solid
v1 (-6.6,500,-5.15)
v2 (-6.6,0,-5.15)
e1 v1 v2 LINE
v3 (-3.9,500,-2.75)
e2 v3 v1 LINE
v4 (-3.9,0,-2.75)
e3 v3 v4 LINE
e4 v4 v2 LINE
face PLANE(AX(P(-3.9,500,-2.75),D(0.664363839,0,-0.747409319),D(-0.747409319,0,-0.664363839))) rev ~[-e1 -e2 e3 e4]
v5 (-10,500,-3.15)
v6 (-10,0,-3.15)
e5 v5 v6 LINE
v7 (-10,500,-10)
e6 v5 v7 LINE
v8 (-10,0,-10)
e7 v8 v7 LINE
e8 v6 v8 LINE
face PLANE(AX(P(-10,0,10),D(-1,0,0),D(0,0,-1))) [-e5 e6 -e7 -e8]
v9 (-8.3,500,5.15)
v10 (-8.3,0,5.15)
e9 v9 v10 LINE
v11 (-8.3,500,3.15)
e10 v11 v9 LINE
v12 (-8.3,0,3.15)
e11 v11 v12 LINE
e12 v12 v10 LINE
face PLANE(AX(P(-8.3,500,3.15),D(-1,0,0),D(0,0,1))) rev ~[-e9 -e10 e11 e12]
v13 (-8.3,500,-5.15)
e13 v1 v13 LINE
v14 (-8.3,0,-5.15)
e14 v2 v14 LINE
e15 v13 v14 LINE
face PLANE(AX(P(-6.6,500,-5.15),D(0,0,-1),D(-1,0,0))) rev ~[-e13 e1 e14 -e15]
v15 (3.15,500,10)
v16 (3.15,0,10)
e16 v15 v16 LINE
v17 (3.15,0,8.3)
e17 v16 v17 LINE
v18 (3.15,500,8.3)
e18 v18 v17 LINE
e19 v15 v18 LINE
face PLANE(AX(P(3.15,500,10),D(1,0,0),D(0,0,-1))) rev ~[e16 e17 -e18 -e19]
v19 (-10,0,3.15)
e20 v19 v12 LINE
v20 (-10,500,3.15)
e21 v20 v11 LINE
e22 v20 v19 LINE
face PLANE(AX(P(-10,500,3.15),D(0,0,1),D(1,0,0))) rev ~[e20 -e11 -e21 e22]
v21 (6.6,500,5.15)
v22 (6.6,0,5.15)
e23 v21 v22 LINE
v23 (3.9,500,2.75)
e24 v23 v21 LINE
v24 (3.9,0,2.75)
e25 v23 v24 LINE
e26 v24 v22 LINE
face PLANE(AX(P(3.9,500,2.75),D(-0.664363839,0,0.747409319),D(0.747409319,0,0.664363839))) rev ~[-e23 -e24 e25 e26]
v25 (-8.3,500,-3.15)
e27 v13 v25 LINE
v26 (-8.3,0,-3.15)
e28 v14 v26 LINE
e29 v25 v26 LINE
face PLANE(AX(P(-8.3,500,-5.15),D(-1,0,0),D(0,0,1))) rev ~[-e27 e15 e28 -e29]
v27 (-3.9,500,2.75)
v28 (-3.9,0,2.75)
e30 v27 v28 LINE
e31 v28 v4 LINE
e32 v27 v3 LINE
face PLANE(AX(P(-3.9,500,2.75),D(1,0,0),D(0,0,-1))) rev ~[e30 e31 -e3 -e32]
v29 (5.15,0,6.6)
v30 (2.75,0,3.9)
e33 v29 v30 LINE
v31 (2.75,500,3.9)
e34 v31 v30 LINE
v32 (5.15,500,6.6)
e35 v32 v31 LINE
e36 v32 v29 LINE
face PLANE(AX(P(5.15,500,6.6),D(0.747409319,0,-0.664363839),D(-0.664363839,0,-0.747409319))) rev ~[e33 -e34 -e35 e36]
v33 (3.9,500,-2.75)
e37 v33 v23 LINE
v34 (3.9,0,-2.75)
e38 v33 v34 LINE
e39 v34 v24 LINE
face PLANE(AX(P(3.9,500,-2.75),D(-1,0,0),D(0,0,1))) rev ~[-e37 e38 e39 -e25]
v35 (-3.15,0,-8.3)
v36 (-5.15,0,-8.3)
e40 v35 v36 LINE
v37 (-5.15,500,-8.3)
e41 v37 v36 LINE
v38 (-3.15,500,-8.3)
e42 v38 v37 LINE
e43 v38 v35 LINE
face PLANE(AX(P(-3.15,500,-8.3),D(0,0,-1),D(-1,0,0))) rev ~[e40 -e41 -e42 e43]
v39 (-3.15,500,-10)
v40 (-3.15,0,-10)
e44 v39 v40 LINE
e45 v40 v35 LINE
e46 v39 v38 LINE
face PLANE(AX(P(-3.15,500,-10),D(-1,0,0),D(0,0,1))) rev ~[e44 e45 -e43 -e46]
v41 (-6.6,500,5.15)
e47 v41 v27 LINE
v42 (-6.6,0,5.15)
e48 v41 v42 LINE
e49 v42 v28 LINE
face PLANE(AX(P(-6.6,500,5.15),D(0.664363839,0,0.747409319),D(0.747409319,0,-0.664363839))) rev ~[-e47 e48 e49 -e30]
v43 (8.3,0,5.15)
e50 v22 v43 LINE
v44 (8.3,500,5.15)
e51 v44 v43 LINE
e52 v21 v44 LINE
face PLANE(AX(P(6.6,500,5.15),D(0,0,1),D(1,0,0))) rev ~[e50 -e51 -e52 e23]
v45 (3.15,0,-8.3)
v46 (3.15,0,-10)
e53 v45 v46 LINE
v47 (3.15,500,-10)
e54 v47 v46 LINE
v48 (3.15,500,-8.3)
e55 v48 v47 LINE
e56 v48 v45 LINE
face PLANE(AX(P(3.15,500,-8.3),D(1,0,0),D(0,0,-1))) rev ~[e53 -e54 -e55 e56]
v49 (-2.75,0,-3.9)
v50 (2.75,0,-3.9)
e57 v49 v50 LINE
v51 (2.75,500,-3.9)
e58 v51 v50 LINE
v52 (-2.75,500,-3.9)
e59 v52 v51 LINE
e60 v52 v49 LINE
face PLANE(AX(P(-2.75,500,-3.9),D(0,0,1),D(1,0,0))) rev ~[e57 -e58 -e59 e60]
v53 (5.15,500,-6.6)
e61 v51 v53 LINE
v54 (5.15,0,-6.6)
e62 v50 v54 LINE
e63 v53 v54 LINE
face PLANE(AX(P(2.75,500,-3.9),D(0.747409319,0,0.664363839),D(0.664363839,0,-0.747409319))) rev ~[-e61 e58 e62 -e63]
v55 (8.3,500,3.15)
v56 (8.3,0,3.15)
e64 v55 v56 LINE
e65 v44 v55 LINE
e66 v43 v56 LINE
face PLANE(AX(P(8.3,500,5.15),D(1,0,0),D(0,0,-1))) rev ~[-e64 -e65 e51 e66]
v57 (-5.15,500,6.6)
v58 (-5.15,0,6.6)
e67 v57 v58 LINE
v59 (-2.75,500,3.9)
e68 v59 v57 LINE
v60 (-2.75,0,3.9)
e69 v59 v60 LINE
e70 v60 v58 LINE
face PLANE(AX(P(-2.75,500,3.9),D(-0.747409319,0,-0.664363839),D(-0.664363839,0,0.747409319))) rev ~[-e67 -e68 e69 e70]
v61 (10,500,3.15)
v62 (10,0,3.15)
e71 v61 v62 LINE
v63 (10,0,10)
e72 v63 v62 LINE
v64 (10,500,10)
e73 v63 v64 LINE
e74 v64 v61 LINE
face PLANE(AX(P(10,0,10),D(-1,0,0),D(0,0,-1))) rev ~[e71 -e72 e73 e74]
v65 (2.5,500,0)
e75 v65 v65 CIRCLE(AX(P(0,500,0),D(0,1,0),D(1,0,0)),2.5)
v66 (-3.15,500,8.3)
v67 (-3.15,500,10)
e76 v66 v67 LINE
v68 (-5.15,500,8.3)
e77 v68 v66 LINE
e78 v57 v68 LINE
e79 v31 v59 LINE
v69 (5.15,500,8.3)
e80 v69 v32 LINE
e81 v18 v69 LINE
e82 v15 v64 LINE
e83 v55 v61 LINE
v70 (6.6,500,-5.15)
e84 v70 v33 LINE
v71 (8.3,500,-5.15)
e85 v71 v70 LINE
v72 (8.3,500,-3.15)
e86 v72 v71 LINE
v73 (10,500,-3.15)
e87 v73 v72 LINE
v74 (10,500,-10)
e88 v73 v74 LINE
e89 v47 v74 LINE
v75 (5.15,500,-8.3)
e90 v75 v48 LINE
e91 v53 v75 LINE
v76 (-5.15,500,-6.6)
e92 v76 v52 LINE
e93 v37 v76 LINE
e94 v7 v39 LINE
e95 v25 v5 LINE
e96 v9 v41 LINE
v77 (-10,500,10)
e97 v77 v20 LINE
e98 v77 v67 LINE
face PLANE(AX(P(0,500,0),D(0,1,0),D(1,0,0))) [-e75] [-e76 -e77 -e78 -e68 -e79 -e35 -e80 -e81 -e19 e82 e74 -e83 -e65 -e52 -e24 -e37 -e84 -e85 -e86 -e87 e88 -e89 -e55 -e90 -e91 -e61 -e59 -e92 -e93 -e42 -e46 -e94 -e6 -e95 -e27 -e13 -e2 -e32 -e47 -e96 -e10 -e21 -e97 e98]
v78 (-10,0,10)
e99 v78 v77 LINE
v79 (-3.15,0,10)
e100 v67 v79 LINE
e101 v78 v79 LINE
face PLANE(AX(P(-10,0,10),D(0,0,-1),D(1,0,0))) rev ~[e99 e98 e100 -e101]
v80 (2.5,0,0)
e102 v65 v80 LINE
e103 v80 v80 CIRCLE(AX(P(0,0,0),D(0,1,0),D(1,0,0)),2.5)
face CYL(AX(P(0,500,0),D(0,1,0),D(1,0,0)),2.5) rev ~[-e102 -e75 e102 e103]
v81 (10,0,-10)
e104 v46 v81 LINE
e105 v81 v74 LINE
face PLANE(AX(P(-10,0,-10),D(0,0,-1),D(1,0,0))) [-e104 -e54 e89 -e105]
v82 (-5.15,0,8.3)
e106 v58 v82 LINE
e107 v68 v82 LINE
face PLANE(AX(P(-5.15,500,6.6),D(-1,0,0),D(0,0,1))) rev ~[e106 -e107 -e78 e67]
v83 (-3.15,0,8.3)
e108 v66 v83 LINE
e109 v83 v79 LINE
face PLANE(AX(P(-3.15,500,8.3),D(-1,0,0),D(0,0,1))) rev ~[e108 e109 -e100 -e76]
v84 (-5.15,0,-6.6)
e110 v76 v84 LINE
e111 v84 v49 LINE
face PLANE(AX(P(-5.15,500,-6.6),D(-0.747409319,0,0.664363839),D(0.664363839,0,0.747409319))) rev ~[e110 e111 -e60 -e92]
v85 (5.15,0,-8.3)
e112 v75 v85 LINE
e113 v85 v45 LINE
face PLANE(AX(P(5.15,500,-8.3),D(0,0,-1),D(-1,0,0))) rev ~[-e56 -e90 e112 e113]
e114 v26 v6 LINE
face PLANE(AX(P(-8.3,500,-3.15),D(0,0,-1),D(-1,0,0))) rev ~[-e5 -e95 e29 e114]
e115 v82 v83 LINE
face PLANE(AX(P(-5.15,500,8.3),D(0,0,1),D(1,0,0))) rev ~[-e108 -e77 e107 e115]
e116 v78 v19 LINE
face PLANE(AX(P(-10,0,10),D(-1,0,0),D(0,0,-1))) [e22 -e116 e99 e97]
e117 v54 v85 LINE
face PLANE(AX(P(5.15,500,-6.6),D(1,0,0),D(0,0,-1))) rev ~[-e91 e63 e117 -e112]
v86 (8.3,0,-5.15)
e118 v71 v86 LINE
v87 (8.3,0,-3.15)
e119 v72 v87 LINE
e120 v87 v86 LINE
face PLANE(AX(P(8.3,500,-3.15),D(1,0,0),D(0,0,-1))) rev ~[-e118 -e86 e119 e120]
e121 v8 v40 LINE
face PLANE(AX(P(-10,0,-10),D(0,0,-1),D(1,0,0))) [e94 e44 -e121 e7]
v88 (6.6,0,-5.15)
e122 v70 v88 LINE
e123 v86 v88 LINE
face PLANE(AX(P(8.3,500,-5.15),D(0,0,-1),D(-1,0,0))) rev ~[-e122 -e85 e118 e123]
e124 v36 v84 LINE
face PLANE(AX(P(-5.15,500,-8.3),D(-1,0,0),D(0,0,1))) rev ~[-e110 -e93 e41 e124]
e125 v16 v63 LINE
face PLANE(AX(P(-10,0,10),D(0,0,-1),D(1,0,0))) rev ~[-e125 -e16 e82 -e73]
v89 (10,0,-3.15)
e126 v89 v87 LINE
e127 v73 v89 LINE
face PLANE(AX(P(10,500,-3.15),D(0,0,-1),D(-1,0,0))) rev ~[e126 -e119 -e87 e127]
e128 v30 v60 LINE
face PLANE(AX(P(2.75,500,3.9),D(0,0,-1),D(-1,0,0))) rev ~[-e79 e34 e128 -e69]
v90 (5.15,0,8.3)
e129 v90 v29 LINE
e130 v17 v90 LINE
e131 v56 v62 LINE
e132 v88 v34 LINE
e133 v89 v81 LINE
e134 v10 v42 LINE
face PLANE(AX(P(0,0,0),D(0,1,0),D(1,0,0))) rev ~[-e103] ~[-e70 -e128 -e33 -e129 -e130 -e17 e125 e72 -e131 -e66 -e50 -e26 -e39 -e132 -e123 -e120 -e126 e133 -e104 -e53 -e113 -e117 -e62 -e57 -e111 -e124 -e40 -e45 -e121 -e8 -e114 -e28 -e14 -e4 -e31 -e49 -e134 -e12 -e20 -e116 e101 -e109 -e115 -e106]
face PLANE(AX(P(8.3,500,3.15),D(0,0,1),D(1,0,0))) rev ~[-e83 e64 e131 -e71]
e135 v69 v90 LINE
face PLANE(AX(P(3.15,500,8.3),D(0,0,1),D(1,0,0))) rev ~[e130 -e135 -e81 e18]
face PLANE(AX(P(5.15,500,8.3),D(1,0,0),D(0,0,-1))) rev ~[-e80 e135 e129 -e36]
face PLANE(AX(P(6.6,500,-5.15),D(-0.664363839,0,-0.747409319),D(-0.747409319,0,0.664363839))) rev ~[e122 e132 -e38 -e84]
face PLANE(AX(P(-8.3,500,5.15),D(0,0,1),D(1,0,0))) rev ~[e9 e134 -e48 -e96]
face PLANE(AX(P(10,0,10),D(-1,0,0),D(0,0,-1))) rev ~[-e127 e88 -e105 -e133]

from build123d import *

# Parameters (mm, degrees)
SKETCH_1_W          = 20
SKETCH_1_H          = 20
EXTRUDE_1_DEPTH     = 500
SKETCH_2_R          = 2.5
CUT_EXTRUDE_1_DEPTH = 501


with BuildPart() as part:
    # 草图1 → 凸台-拉伸1 (new body)
    with BuildSketch(Plane(origin=(0, 0, 0), x_dir=(1, 0, 0), z_dir=(0, 1, 0))):
        Rectangle(SKETCH_1_W, SKETCH_1_H)
    extrude(amount=EXTRUDE_1_DEPTH)

    # 草图2 → 切除-拉伸1 (cut, through all)
    with BuildSketch(Plane(origin=(0, 500, 0), x_dir=(1, 0, 0), z_dir=(0, 1, 0))):
        Circle(SKETCH_2_R)
        Polygon((-3.15, 10), (-3.15, 8.3), (-5.15, 8.3), (-5.15, 6.6), (-2.75, 3.9), (2.75, 3.9), (5.15, 6.6), (5.15, 8.3), (3.15, 8.3), (3.15, 10), align=None)
        Polygon((3.9, 2.75), (3.9, -2.75), (6.6, -5.15), (8.3, -5.15), (8.3, -3.15), (10, -3.15), (10, 3.15), (8.3, 3.15), (8.3, 5.15), (6.6, 5.15), align=None)
        Polygon((2.75, -3.9), (-2.75, -3.9), (-5.15, -6.6), (-5.15, -8.3), (-3.15, -8.3), (-3.15, -10), (3.15, -10), (3.15, -8.3), (5.15, -8.3), (5.15, -6.6), align=None)
        Polygon((-3.9, -2.75), (-3.9, 2.75), (-6.6, 5.15), (-8.3, 5.15), (-8.3, 3.15), (-10, 3.15), (-10, -3.15), (-8.3, -3.15), (-8.3, -5.15), (-6.6, -5.15), align=None)
    extrude(amount=-CUT_EXTRUDE_1_DEPTH, mode=Mode.SUBTRACT)


solid = part.part
